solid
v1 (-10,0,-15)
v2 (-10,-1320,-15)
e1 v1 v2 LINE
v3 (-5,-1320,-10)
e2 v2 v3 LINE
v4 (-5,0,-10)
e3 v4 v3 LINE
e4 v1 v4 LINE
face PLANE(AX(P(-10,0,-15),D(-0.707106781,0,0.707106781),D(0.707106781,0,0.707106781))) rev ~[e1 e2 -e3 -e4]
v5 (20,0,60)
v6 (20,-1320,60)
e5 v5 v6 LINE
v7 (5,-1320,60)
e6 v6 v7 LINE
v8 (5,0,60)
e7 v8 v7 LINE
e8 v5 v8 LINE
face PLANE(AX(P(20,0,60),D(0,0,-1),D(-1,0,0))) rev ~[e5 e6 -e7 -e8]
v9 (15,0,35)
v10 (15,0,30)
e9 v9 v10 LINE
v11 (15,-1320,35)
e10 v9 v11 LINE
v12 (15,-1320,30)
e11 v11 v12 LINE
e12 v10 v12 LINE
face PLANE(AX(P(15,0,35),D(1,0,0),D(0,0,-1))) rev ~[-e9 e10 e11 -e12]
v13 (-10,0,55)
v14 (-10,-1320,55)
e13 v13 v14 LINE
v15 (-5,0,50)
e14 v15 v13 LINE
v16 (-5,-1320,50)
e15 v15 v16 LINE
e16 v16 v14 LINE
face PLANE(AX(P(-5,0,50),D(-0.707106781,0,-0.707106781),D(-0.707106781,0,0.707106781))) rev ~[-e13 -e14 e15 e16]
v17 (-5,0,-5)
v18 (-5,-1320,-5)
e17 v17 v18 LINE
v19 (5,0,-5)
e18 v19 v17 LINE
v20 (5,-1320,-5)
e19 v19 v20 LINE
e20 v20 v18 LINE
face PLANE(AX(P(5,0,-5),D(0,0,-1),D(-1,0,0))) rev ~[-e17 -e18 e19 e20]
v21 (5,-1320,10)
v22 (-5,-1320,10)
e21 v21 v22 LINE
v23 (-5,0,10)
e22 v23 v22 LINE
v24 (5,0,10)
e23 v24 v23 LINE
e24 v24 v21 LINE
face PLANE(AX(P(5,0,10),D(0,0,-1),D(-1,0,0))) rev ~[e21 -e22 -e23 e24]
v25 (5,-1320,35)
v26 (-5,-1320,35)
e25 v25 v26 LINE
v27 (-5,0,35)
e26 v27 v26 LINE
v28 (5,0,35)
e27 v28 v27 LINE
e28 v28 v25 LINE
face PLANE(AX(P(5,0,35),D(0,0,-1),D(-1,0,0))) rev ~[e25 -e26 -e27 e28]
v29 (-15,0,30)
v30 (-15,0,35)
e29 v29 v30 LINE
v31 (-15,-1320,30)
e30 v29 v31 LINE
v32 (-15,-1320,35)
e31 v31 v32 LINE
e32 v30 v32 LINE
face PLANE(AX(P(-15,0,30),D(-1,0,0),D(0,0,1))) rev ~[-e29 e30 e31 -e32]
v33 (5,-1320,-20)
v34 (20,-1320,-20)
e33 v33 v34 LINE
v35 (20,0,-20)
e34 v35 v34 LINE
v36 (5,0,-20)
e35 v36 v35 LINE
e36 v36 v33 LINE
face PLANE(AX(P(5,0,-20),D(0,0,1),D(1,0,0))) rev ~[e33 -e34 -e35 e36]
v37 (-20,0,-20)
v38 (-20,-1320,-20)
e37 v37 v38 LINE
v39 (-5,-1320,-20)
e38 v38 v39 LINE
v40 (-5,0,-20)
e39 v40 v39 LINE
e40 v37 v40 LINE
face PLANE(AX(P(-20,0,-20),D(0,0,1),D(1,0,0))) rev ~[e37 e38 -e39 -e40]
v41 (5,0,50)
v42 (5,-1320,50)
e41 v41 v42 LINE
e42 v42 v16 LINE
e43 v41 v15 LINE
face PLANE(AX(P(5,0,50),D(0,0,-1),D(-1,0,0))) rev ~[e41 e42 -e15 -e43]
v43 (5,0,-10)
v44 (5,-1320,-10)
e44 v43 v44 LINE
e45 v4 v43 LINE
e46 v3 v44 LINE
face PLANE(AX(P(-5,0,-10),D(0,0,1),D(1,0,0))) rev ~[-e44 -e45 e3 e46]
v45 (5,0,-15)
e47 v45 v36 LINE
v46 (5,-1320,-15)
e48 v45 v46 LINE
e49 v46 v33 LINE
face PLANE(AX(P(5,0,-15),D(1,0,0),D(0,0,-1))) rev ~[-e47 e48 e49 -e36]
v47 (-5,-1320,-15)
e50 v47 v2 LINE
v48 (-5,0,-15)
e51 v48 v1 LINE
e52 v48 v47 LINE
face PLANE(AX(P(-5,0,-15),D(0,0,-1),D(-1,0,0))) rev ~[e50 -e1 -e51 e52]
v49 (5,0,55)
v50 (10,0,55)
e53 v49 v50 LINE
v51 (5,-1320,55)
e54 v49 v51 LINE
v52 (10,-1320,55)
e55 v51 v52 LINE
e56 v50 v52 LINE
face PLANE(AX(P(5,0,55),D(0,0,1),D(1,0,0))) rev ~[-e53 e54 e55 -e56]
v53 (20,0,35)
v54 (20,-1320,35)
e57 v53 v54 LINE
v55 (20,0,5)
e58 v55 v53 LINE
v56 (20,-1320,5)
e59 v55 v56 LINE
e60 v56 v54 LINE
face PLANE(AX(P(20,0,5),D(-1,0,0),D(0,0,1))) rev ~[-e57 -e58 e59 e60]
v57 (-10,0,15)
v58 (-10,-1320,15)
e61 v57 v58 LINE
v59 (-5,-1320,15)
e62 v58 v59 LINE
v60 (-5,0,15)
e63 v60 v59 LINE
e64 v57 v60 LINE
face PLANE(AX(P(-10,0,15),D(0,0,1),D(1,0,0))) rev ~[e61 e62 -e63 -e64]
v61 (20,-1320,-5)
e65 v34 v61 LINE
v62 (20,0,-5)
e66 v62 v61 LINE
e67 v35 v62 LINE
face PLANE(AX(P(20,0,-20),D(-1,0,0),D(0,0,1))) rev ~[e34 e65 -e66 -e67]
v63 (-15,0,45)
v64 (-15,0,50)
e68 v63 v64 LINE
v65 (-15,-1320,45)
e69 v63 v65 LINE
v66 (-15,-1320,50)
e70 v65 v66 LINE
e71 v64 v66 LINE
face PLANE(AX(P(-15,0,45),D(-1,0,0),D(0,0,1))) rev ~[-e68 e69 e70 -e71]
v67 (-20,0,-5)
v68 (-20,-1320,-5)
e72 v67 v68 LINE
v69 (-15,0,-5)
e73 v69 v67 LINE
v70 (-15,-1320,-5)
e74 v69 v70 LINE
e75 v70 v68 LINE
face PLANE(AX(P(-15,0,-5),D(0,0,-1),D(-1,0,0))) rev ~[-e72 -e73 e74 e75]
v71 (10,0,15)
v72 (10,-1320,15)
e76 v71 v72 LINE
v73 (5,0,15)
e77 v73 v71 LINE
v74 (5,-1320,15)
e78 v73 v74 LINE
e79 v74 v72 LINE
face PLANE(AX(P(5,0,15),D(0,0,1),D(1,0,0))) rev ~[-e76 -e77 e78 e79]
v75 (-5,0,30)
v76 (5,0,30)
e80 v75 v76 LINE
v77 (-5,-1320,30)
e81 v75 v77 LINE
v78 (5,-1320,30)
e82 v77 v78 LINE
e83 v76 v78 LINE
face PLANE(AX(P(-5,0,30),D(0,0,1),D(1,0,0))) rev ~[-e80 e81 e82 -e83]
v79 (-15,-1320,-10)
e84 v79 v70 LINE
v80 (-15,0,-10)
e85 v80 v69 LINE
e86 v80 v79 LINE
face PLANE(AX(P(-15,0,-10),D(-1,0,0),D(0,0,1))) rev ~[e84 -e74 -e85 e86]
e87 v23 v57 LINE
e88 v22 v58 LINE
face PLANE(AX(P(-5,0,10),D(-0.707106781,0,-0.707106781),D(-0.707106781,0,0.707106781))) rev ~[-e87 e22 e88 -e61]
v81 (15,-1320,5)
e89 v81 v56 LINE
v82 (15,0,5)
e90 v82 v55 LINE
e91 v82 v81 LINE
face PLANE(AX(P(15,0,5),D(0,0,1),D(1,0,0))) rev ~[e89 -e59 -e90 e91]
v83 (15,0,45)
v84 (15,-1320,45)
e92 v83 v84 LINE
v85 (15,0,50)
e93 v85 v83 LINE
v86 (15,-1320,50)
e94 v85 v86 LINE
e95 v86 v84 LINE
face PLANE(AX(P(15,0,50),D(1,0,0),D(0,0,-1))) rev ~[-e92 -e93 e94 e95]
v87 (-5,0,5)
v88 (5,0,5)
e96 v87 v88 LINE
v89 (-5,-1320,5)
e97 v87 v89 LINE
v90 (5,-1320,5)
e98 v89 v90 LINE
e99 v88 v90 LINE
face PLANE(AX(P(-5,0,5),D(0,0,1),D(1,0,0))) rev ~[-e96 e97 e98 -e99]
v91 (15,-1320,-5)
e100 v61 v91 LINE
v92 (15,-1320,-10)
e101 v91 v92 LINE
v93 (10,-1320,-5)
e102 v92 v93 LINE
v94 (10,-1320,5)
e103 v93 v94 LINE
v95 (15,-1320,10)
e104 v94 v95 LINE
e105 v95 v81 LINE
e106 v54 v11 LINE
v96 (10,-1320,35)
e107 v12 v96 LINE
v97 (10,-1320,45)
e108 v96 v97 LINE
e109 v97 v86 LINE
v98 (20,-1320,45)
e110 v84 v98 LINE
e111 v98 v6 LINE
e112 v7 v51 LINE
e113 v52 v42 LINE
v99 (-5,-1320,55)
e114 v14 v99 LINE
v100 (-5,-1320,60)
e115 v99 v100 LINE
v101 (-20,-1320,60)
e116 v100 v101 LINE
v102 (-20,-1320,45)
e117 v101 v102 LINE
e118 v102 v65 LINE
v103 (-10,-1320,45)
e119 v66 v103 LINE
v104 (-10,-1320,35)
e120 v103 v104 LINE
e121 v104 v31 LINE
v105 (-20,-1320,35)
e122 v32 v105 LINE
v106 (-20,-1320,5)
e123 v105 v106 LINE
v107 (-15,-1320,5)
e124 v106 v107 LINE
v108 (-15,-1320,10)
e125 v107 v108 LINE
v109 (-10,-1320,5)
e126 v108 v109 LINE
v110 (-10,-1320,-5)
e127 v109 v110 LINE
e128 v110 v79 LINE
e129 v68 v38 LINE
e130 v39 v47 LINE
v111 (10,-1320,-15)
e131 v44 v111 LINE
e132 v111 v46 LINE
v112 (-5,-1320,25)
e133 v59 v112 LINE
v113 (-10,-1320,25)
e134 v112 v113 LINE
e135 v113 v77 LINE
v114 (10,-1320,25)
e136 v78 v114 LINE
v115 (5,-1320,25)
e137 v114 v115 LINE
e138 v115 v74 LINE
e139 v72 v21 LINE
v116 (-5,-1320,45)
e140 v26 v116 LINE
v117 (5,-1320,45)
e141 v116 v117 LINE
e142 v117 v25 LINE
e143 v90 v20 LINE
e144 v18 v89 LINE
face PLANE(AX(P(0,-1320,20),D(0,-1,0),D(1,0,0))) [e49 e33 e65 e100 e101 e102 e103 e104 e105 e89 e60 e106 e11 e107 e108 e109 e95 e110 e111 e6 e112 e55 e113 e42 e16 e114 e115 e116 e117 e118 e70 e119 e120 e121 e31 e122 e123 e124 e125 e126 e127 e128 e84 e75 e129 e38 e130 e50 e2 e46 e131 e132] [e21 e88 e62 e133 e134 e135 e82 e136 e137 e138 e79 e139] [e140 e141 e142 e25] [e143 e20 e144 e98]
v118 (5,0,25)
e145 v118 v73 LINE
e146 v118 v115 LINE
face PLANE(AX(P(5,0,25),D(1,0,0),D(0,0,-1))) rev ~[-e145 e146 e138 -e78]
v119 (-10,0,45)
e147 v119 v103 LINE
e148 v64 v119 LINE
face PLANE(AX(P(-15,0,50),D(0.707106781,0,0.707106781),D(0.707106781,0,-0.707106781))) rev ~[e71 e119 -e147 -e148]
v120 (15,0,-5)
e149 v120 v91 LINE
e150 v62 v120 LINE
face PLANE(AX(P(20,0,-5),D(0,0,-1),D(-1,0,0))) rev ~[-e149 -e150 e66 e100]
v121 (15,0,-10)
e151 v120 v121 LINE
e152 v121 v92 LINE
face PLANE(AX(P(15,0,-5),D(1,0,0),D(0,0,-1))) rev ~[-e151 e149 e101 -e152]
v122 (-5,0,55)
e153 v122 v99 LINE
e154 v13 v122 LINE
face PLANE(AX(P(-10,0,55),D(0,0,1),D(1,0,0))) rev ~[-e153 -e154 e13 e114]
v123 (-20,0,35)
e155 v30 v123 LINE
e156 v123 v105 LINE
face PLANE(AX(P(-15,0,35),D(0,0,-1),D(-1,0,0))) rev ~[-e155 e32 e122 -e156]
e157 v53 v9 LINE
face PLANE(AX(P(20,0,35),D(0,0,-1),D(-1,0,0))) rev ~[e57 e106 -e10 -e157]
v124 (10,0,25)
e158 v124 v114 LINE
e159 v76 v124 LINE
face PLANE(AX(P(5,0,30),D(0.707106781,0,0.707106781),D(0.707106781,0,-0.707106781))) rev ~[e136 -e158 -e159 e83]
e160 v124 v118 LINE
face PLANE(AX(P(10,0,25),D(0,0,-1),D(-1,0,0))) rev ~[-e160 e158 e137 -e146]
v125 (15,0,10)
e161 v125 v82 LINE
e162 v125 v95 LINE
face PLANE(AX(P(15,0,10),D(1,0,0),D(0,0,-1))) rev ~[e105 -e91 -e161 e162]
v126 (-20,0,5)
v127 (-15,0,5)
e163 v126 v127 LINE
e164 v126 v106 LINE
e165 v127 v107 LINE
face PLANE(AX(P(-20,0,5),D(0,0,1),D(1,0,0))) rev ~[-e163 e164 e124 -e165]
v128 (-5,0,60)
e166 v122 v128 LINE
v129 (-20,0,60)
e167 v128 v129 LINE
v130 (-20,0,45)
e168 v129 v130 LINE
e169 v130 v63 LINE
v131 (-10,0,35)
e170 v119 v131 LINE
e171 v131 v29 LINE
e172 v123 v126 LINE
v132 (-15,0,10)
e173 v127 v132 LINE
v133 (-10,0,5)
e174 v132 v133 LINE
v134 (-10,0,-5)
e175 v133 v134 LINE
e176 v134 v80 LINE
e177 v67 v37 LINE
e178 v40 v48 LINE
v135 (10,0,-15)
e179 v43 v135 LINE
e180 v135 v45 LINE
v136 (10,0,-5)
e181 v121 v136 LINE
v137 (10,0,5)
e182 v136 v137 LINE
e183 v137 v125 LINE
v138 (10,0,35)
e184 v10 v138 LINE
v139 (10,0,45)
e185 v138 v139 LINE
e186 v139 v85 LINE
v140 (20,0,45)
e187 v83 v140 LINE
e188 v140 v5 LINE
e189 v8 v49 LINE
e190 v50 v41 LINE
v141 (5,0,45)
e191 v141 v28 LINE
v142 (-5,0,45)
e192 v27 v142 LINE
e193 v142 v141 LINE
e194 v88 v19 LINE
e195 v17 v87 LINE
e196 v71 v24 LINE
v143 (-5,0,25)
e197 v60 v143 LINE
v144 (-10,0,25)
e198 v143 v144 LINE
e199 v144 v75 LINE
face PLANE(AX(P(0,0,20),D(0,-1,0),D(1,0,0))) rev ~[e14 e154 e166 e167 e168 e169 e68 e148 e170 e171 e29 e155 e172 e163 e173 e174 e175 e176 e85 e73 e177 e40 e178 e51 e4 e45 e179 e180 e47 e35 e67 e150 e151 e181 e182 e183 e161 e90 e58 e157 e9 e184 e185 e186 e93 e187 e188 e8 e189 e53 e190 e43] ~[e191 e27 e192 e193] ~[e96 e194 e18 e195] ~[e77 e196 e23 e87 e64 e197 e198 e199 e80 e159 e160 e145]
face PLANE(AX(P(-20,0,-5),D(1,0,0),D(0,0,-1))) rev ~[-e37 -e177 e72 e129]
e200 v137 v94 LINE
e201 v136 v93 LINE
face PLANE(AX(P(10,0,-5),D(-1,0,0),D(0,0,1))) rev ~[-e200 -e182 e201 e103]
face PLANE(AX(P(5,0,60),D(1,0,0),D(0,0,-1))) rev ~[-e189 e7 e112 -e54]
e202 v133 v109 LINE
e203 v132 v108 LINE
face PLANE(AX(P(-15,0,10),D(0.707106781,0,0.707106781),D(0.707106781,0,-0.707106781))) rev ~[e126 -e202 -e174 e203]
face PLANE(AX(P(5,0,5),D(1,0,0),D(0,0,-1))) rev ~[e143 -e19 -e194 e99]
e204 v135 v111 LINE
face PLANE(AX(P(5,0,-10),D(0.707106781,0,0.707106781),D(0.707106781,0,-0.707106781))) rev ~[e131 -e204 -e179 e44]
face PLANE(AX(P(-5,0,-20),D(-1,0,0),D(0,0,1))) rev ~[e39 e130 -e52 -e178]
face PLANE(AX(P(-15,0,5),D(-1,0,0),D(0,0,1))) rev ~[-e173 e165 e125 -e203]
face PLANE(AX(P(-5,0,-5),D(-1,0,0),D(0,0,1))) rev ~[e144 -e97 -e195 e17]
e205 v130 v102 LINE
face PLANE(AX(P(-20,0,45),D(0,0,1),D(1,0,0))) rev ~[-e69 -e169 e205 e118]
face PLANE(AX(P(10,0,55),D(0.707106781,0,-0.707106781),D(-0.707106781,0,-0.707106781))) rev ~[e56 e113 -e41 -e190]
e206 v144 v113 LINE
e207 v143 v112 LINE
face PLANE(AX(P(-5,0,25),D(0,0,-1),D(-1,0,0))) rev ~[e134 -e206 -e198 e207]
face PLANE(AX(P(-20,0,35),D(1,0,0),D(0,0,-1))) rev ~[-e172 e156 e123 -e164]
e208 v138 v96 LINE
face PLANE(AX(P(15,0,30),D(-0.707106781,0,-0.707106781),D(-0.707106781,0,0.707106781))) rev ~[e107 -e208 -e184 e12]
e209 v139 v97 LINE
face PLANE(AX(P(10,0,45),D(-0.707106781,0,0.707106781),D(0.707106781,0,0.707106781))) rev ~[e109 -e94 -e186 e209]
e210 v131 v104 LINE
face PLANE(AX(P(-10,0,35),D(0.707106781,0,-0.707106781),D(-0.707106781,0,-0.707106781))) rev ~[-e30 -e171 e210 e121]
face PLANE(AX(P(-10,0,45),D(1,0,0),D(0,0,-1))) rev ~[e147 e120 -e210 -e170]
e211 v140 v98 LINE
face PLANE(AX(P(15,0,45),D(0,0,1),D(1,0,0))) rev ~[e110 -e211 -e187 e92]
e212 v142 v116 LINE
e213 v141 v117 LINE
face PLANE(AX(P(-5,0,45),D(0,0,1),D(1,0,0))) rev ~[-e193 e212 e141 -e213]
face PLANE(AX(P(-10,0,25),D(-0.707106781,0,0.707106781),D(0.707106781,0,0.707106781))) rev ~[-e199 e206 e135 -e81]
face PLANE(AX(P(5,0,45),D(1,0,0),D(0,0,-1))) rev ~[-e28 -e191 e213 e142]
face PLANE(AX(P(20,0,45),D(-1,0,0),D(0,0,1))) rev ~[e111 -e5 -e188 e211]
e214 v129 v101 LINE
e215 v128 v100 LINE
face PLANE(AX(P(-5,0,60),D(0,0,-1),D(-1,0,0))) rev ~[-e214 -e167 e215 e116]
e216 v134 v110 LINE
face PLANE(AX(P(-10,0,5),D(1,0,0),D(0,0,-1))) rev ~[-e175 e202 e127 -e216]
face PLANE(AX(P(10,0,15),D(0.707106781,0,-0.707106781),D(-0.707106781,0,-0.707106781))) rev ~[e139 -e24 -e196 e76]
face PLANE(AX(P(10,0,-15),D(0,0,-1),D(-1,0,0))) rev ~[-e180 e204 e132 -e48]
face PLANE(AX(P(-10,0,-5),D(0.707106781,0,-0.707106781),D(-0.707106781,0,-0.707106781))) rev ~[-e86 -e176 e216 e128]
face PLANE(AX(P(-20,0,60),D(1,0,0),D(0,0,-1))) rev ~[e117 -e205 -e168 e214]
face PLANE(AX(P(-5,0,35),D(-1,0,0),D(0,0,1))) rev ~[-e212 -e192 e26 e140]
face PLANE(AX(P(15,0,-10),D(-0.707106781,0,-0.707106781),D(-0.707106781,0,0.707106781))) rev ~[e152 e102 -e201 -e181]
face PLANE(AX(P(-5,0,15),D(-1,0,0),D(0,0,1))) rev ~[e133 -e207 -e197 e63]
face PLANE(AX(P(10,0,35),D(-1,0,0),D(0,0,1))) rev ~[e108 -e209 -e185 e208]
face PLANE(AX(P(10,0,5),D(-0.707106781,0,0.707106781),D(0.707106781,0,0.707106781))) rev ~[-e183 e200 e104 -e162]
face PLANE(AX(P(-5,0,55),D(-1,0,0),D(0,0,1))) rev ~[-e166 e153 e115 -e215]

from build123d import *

# Parameters (mm, degrees)
F1_DEPTH = 1320


with BuildPart() as f1:
    # F0 (on Front) → F1 (new body)
    with BuildSketch(Plane.XZ):
        Polygon((5, -20), (20, -20), (20, -5), (15, -5), (15, -10), (10, -5), (10, 5), (15, 10), (15, 5), (20, 5), (20, 20), (20, 35), (15, 35), (15, 30), (10, 35), (10, 45), (15, 50), (15, 45), (20, 45), (20, 60), (5, 60), (5, 55), (10, 55), (5, 50), (-5, 50), (-10, 55), (-5, 55), (-5, 60), (-20, 60), (-20, 45), (-15, 45), (-15, 50), (-10, 45), (-10, 35), (-15, 30), (-15, 35), (-20, 35), (-20, 20), (-20, 5), (-15, 5), (-15, 10), (-10, 5), (-10, -5), (-15, -10), (-15, -5), (-20, -5), (-20, -20), (-5, -20), (-5, -15), (-10, -15), (-5, -10), (5, -10), (10, -15), (5, -15), align=None)
        Polygon((-5, 0), (-5, 5), (0, 5), (5, 5), (5, 0), (5, -5), (0, -5), (-5, -5), align=None, mode=Mode.SUBTRACT)
        Polygon((-5, 15), (-5, 20), (-5, 25), (-10, 25), (-5, 30), (5, 30), (10, 25), (5, 25), (5, 20), (5, 15), (10, 15), (5, 10), (-5, 10), (-10, 15), align=None, mode=Mode.SUBTRACT)
        Polygon((-5, 40), (-5, 45), (0, 45), (5, 45), (5, 40), (5, 35), (0, 35), (-5, 35), align=None, mode=Mode.SUBTRACT)
    extrude(amount=F1_DEPTH)


solid = f1.part
